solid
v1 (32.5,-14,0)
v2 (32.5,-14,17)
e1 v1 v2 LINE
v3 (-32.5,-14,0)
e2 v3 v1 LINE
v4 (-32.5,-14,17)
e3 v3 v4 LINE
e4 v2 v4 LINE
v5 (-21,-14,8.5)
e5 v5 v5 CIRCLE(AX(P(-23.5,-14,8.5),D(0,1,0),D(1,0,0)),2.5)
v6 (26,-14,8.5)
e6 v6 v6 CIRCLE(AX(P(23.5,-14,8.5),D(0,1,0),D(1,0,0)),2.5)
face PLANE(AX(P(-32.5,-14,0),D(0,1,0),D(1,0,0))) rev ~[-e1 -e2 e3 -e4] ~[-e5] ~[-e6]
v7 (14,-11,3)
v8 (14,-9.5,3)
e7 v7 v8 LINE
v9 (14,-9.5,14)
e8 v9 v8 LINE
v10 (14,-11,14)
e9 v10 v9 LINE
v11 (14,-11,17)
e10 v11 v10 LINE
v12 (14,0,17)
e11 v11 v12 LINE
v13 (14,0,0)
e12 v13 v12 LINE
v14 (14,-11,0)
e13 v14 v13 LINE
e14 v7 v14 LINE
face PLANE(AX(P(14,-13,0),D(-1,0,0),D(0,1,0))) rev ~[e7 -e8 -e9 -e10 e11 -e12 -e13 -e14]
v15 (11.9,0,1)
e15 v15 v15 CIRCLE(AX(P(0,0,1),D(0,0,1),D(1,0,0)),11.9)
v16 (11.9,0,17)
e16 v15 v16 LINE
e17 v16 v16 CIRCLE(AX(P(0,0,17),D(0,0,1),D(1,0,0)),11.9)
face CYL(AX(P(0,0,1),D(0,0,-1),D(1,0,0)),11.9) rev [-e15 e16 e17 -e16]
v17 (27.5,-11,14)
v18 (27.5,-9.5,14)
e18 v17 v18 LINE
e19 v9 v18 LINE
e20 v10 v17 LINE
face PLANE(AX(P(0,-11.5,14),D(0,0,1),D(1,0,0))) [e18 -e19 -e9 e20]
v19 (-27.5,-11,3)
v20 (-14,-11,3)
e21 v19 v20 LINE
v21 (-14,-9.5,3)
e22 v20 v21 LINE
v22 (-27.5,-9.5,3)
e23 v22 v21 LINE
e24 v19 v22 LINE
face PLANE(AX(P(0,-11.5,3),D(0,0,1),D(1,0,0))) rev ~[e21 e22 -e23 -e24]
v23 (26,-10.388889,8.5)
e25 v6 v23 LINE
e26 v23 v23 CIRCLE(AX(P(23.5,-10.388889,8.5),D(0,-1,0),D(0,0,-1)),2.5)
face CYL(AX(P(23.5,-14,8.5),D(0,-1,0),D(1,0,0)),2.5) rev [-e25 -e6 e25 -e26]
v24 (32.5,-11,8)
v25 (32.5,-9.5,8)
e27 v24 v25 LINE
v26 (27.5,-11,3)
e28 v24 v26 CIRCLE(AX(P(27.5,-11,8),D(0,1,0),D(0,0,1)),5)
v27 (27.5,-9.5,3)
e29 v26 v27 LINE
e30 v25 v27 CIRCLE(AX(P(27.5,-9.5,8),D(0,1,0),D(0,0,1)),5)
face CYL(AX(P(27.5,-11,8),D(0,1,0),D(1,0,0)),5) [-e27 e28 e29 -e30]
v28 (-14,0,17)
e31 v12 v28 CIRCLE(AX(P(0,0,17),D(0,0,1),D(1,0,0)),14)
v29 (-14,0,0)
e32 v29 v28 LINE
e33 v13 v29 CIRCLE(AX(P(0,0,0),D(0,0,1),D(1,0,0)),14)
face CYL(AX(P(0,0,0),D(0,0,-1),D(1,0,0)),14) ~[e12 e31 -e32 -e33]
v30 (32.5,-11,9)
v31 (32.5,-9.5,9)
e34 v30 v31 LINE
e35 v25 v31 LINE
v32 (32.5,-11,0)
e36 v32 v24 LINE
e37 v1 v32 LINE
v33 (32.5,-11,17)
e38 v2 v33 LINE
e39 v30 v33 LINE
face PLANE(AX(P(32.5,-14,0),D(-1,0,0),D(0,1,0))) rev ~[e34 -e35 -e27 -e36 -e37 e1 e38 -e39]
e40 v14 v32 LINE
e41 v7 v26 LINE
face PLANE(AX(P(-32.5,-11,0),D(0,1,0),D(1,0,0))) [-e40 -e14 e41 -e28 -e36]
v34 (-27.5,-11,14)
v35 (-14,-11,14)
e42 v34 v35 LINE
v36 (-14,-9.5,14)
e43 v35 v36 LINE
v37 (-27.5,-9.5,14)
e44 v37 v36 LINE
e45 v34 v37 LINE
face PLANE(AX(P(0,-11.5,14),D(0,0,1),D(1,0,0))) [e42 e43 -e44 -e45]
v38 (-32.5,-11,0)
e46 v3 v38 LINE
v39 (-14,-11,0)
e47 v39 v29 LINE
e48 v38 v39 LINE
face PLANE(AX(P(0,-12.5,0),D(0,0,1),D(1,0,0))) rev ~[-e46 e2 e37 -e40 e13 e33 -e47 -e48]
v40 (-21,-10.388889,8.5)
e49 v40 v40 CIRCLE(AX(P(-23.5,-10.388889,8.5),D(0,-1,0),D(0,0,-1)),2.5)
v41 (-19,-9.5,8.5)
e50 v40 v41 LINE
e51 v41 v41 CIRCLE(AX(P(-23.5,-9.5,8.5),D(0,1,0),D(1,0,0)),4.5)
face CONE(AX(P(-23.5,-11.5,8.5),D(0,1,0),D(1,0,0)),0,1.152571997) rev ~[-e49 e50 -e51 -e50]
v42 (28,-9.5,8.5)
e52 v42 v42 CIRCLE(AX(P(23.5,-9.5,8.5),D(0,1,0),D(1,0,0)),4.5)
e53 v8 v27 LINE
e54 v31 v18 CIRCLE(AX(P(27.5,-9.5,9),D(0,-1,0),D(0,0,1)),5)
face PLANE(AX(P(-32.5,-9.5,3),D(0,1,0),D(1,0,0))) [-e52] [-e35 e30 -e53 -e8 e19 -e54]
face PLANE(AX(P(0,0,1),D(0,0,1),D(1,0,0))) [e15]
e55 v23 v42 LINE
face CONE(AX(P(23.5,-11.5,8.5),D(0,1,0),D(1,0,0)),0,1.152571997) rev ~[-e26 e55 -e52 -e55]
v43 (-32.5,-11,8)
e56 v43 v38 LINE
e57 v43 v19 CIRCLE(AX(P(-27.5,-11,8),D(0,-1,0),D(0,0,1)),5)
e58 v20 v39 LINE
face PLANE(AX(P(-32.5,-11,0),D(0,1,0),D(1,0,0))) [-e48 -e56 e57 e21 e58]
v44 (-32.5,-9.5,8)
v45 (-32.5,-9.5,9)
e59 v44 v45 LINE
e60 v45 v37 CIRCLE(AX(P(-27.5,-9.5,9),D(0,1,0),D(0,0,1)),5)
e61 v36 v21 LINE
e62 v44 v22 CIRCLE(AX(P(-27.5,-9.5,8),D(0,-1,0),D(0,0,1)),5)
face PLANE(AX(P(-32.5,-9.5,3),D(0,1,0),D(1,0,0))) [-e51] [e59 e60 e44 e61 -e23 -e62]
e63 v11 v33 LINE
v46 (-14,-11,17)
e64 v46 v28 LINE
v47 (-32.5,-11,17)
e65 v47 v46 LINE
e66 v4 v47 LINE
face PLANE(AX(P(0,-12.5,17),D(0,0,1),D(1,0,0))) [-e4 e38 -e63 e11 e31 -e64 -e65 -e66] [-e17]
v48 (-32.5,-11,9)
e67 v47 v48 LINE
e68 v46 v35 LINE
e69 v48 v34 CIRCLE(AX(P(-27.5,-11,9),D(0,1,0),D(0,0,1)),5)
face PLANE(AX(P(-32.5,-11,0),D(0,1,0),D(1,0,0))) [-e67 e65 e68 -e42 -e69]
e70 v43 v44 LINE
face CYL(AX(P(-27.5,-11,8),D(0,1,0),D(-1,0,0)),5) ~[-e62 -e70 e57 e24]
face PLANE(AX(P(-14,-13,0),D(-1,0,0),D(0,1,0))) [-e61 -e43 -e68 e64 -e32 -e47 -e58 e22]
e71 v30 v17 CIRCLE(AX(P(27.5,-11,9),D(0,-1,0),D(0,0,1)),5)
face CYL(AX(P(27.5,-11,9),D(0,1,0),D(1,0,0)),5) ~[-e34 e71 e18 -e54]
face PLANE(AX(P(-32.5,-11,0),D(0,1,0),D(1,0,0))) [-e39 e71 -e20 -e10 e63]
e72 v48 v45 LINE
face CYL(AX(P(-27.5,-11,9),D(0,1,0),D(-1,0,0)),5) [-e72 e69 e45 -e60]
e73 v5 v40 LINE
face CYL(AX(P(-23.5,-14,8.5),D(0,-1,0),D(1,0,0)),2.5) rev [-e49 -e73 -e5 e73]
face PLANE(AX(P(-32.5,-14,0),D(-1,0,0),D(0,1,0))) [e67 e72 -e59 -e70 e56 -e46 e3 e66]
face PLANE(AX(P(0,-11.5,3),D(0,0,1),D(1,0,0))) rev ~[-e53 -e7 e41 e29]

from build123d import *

# Parameters (mm, degrees)
CYLINDER001_R     = 2.5
CYLINDER001_DEPTH = 10
CYLINDER003_R     = 11.9
CYLINDER003_DEPTH = 16
CYLINDER002_R     = 2.5
CYLINDER002_DEPTH = 10
CYLINDER_R        = 14
CYLINDER_DEPTH    = 17
BOX_W             = 65
BOX_H             = 3
BOX_DEPTH         = 17
BOX001_W          = 65
BOX001_H          = 4
BOX001_DEPTH      = 11
BOX002_W          = 28
BOX002_H          = 13
BOX002_DEPTH      = 17
FILLET_R          = 5


with BuildPart() as cylinder001:
    # Cylinder001 → Cylinder001 (new body)
    with BuildSketch(Plane(origin=(-23.5, -14, 8.5), x_dir=(1, 0, 0), z_dir=(0, 1, 0))):
        Circle(CYLINDER001_R)
    extrude(amount=CYLINDER001_DEPTH)


with BuildPart() as cylinder003:
    # Cylinder003 → Cylinder003 (new body)
    with BuildSketch(Plane.XY.offset(1)):
        Circle(CYLINDER003_R)
    extrude(amount=CYLINDER003_DEPTH)


with BuildPart() as cone:
    # Cone → Cone (revolve)
    with BuildSketch(Plane(origin=(23.5, -11.5, 8.5), x_dir=(1, 0, 0), z_dir=(0, 0, 1))):
        Polygon((0, 0), (4.5, 2), (0, 2), align=None)
    revolve(axis=Axis((23.5, -11.5, 8.5), (0, 1, 0)))


with BuildPart() as cone001:
    # Cone001 → Cone001 (revolve)
    with BuildSketch(Plane(origin=(-23.5, -11.5, 8.5), x_dir=(1, 0, 0), z_dir=(0, 0, 1))):
        Polygon((0, 0), (4.5, 2), (0, 2), align=None)
    revolve(axis=Axis((-23.5, -11.5, 8.5), (0, 1, 0)))


with BuildPart() as fusion:
    # Cylinder002 → Cylinder002 (new body)
    with BuildSketch(Plane(origin=(23.5, -14, 8.5), x_dir=(1, 0, 0), z_dir=(0, 1, 0))):
        Circle(CYLINDER002_R)
    extrude(amount=CYLINDER002_DEPTH)

    # Fusion: union Cylinder001, Cylinder003, Cone, Cone001
    add(cylinder001.part)
    add(cylinder003.part)
    add(cone.part)
    add(cone001.part)


with BuildPart() as cylinder:
    # Cylinder → Cylinder (new body)
    with BuildSketch(Plane.XY):
        Circle(CYLINDER_R)
    extrude(amount=CYLINDER_DEPTH)


with BuildPart() as box:
    # Box → Box (new body)
    with BuildSketch(Plane(origin=(-32.5, -14, 0), x_dir=(1, 0, 0), z_dir=(0, 0, 1))):
        with Locations((32.5, 1.5)):
            Rectangle(BOX_W, BOX_H)
    extrude(amount=BOX_DEPTH)


with BuildPart() as box001:
    # Box001 → Box001 (new body)
    with BuildSketch(Plane(origin=(-32.5, -13.5, 3), x_dir=(1, 0, 0), z_dir=(0, 0, 1))):
        with Locations((32.5, 2)):
            Rectangle(BOX001_W, BOX001_H)
    extrude(amount=BOX001_DEPTH)


with BuildPart() as fillet_body:
    # Box002 → Box002 (new body)
    with BuildSketch(Plane(origin=(-14, -13, 0), x_dir=(1, 0, 0), z_dir=(0, 0, 1))):
        with Locations((14, 6.5)):
            Rectangle(BOX002_W, BOX002_H)
    extrude(amount=BOX002_DEPTH)

    # Fusion001: union Cylinder, Box, Box001
    add(cylinder.part)
    add(box.part)
    add(box001.part)

    # Cut: cut Fusion
    add(fusion.part, mode=Mode.SUBTRACT)

    # Fillet
    fillet_edges = [fillet_body.edges().sort_by_distance(p)[0] for p in [
        (32.5, -10.25, 3),
        (32.5, -10.25, 14),
        (-32.5, -10.25, 14),
        (-32.5, -10.25, 3),
    ]]
    fillet(fillet_edges, radius=FILLET_R)


solid = fillet_body.part
